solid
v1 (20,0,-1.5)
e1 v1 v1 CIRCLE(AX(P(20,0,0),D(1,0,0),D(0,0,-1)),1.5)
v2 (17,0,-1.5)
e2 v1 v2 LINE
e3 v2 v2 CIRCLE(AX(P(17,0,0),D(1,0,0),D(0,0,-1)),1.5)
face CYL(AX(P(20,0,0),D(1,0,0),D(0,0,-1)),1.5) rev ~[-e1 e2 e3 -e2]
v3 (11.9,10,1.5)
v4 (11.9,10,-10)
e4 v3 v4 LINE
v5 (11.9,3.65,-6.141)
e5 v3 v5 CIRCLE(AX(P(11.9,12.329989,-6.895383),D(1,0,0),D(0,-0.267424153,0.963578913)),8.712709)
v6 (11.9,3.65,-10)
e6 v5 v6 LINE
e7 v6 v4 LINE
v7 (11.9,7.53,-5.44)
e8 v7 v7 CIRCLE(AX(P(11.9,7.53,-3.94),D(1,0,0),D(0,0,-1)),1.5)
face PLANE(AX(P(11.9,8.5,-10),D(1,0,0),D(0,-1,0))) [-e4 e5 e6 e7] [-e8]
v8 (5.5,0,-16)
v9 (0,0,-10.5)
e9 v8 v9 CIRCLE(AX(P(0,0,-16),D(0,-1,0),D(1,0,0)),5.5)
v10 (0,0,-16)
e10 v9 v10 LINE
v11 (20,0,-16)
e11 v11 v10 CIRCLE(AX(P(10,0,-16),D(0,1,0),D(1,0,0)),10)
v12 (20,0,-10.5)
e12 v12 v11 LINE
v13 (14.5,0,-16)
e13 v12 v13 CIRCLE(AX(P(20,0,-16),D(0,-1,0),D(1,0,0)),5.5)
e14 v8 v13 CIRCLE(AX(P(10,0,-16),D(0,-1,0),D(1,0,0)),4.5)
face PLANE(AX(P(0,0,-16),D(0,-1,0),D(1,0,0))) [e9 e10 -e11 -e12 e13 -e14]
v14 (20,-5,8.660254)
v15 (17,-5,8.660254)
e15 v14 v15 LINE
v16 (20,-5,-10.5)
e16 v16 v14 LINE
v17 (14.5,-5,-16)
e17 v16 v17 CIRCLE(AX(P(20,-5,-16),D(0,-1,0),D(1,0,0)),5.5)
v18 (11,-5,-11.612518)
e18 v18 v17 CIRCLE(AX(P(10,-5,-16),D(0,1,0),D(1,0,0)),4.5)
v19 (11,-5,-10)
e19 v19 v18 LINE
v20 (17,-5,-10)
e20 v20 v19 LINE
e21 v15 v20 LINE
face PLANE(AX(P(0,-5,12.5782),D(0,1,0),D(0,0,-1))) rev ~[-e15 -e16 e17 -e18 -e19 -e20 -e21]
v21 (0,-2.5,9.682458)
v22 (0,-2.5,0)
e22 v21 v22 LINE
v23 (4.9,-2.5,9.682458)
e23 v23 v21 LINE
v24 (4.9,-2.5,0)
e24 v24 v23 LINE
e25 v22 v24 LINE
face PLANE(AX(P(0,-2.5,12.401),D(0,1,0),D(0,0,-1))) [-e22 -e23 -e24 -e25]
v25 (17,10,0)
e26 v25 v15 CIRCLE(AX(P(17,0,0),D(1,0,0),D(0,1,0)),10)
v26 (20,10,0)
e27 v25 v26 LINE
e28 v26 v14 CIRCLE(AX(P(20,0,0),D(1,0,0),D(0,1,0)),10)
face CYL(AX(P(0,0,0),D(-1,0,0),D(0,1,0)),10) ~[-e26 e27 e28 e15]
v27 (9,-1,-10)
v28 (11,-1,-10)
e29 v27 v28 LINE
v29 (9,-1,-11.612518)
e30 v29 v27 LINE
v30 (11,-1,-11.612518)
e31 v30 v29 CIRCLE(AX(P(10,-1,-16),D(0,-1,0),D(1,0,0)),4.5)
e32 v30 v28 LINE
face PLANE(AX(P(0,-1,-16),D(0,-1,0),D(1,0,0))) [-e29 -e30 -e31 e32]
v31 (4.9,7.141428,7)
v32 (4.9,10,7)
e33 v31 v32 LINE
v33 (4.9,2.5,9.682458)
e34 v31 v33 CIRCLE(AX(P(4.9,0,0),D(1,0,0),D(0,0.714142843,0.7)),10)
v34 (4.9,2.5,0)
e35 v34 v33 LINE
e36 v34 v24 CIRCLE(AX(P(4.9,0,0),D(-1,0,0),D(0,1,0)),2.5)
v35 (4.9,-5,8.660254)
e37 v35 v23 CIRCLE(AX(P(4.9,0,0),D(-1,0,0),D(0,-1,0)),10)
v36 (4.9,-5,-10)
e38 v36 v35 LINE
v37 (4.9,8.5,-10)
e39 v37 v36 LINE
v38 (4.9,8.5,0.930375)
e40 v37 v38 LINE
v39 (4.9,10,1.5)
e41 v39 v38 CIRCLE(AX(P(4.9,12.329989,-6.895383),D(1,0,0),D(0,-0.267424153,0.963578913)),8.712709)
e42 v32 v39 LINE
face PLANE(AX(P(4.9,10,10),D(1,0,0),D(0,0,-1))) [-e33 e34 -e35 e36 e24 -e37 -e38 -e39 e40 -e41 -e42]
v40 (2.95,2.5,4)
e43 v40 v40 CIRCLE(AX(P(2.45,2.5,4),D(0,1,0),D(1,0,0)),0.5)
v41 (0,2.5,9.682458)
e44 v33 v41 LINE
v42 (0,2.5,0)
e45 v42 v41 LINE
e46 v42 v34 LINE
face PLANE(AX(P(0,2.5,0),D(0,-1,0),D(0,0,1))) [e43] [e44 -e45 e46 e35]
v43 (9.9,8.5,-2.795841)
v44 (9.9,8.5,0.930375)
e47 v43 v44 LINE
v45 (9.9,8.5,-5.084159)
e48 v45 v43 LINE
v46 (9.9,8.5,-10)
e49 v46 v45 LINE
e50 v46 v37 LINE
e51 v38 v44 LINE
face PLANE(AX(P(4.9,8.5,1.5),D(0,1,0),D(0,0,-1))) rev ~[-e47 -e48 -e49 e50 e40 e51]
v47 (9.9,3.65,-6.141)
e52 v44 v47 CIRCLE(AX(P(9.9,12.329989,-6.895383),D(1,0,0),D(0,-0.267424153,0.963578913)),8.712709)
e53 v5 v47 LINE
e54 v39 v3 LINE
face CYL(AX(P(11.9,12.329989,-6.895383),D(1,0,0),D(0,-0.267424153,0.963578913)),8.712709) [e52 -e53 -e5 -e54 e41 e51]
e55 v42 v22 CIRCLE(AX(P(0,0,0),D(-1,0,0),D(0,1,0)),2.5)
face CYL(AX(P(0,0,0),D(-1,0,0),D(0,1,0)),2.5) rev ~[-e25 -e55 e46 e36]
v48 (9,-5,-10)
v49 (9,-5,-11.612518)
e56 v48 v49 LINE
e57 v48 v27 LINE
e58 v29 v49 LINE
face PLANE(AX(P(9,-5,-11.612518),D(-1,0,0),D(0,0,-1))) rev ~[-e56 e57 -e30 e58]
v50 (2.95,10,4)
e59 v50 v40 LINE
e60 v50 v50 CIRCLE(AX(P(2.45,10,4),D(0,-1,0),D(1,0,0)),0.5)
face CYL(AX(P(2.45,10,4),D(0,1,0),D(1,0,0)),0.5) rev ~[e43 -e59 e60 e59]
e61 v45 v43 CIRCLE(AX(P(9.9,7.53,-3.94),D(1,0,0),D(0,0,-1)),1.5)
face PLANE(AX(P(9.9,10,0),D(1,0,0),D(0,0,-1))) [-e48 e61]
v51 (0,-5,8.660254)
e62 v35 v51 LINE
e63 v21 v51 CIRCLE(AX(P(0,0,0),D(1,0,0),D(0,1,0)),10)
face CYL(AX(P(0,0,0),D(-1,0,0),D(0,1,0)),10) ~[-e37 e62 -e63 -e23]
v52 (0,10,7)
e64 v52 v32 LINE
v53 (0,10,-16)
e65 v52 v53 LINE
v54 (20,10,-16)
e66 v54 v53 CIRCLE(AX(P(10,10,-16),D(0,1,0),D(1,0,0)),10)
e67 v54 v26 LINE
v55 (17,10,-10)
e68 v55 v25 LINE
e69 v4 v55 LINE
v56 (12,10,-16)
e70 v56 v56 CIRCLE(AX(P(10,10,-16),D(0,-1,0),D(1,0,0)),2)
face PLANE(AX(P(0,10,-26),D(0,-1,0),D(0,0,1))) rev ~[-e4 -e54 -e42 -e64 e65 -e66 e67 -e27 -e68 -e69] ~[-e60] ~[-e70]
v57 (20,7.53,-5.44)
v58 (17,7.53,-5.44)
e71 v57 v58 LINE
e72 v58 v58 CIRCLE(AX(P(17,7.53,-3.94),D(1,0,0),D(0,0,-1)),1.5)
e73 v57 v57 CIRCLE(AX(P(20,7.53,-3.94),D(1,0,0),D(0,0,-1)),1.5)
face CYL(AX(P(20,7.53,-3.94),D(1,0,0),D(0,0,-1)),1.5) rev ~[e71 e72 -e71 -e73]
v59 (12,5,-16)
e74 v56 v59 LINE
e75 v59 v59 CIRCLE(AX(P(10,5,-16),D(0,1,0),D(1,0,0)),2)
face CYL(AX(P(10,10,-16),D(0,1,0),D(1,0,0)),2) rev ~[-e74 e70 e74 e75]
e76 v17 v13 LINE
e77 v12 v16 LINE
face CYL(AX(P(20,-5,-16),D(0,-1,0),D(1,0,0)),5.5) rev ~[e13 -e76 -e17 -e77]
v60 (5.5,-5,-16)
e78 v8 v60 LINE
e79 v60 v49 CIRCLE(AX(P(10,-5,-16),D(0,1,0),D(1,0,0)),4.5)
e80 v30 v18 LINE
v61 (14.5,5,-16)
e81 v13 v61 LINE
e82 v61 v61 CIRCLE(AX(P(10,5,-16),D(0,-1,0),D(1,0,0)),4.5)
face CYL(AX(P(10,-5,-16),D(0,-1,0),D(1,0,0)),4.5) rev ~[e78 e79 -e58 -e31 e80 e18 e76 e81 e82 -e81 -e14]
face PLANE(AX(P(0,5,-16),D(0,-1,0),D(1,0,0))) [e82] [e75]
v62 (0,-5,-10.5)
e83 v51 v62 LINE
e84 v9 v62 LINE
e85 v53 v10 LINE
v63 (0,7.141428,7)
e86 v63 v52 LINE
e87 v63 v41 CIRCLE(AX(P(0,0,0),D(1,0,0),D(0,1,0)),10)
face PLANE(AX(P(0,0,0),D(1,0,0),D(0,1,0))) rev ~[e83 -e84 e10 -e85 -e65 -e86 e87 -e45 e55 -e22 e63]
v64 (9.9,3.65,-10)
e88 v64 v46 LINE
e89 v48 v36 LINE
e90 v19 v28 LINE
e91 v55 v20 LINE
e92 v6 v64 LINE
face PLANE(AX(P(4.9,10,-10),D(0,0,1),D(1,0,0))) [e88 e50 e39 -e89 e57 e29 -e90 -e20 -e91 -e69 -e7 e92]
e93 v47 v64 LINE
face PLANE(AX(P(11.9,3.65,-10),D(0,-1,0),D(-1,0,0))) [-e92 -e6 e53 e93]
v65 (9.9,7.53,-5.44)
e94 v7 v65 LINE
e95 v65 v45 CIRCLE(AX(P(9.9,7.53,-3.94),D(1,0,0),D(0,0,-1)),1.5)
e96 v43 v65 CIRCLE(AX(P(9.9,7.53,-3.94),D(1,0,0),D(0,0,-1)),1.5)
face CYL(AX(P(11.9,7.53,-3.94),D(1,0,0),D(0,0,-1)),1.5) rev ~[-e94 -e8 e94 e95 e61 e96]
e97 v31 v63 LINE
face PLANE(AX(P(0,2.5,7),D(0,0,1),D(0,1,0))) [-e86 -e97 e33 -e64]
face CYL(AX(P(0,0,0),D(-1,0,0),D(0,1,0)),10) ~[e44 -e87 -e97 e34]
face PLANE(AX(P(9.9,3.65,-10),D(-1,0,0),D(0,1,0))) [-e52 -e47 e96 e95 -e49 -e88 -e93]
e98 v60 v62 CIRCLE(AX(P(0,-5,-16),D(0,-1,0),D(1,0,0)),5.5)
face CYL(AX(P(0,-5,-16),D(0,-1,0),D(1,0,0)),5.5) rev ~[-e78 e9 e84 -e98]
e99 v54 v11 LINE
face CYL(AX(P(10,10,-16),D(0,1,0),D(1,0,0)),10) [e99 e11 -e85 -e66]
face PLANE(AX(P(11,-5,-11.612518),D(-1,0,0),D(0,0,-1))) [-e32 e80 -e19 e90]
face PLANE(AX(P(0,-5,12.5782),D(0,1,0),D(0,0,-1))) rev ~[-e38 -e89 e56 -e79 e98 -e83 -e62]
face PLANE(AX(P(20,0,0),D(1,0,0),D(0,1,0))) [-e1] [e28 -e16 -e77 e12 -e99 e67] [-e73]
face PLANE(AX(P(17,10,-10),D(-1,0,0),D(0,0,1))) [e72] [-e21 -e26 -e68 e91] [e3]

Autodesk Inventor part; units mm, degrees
ref_plane "YZ Plane" through (0, 0, 0) normal (1, 0, 0) x (0, 1, 0)
ref_plane "XZ Plane" through (0, 0, 0) normal (0, 1, 0) x (-1, 0, 0)
ref_plane "XY Plane" through (0, 0, 0) normal (0, 0, 1) x (1, 0, 0)
sketch "Sketch1" plane through (0, 0, 0) normal (1, 0, 0) x (0, 1, 0)
  point P0 (0, 0)
sketch "Sketch2" plane through (0, 0, 0) normal (1, 0, 0) x (0, 1, 0)
  arc A0 (10, 0) -> (-10, 0) centre (0, 0) ccw
  circle A1 centre (0, 0) radius 1.5
  line L0 (10, 0) -> (-10, 0)
  line L1 (-10, 0) -> (-10, -16)
  line L2 (0, -26) -> (10, -26)
  line L3 (10, -26) -> (10, 0)
  line L4 (0, -26) -> (0, -16)
  line L5 (0, -16) -> (-10, -16)
  dimension "d1" = 3
extrude "Extrusion1" add sketch "Sketch2" along normal blind 20
sketch "Sketch3" plane through (0, 10, 0) normal (0, 1, 0) x (1, 0, 0)
  line L0 (0, 26) -> (20, 26) projected
  line L1 (0, 16) -> (20, 16) projected
  arc A0 (20, 16) -> (0, 16) centre (10, 16) ccw
  line L2 (21.9475, 16) -> (-2.9161, 16)
  line L3 (-2.9161, 16) -> (-2.9161, 27.442)
  line L4 (-2.9161, 27.442) -> (21.9475, 27.442)
  line L5 (21.9475, 27.442) -> (21.9475, 16)
  point P0 (0, 0)
extrude "Extrusion2" cut sketch "Sketch3" against normal blind 20 contours L2 L3 L4 L5 A0
sketch "Sketch5" plane through (0, 10, 0) normal (0, 1, 0) x (1, 0, 0)
  line L0 (0, -10) -> (20, -10) projected
  line L1 (0, -10) -> (4.9, -10)
  line L2 (4.9, -10) -> (4.9, 10)
  line L3 (4.9, 10) -> (17, 10)
  line L4 (17, 10) -> (17, -10)
  line L5 (17, -10) -> (4.9, -10)
  point P0 (0, 0)
  dimension "d10" = 4.9
  dimension "d11" = 20
  dimension "d12" = 12.1
extrude "Extrusion3" cut sketch "Sketch5" against normal blind 20
sketch "Sketch6" plane through (0, 0, 0) normal (-1, 0, 0) x (0, 0, 1)
  arc A0 (0, 2.5) -> (0, -2.5) centre (0, 0) ccw
  line L0 (0, 2.5) -> (12.401, 2.5)
  line L1 (12.401, 2.5) -> (12.401, -2.5)
  line L2 (12.401, -2.5) -> (0, -2.5)
  dimension "d15" = 5
extrude "Extrusion4" cut sketch "Sketch6" against normal blind 5
sketch "Sketch7" plane through (0, 0, 0) normal (-1, 0, 0) x (0, 0, 1)
  line L0 (-16, -10) -> (12.5782, -10)
  line L1 (12.5782, -10) -> (12.5782, -5)
  line L2 (12.5782, -5) -> (-16, -5)
  line L3 (-16, -5) -> (-16, -10)
  point P0 (0, 0)
  dimension "d18" = 5
extrude "Extrusion5" cut sketch "Sketch7" against normal through all
sketch "Sketch8" plane through (0, 10, 0) normal (0, 1, 0) x (1, 0, 0)
  line L0 (0, 16) -> (20, 16) projected
  circle A0 centre (10, 16) radius 2
  point P0 (0, 0)
  dimension "d21" = 4
extrude "Extrusion6" cut sketch "Sketch8" against normal through all
sketch "Sketch9" plane through (0, -5, -16) normal (0, -1, 0) x (1, 0, 0)
  line L0 (0, 0) -> (8, 0) projected
  line L1 (12, 0) -> (20, 0) projected
  line L2 (8, 0) -> (12, 0)
  circle A0 centre (10, 0) radius 4.5
  point P0 (0, 16)
  dimension "d24" = 9
extrude "Extrusion7" cut sketch "Sketch9" against normal blind 10
sketch "Sketch12" plane through (0, -5, -16) normal (0, -1, 0) x (1, 0, 0)
  arc A0 (14.5, 0) -> (5.5, 0) centre (10, 0) ccw projected
  line L0 (4.9, 6) -> (17, 6) projected
  line L1 (9, 6) -> (9, 4.2062)
  line L2 (11, 6) -> (11, 4.2062)
  line L3 (9, 4.2062) -> (11, 4.2062)
  line L4 (9, 6) -> (11, 6)
  point P0 (0, 16)
extrude "Extrusion8" cut sketch "Sketch12" against normal blind 4
sketch "Sketch13" plane through (0, -5, -16) normal (0, -1, 0) x (1, 0, 0)
  arc A0 (5.5, 0) -> (-5.5, 0) centre (0, 0) ccw
  arc A1 (25.5, 0) -> (14.5, 0) centre (20, 0) ccw
  line L0 (26.0588, 0) -> (26.0588, -15.4765)
  line L1 (26.0588, -15.4765) -> (-5.5, -15.4765)
  line L2 (-5.5, -15.4765) -> (-5.5, 0)
  line L3 (5.5, 0) -> (14.5, 0)
  line L4 (25.5, 0) -> (26.0588, 0)
  point P0 (0, 16)
  dimension "d33" = 11
  dimension "d34" = 11
extrude "Extrusion9" cut sketch "Sketch13" against normal blind 5
sketch "Sketch14" plane through (20, 0, 0) normal (1, 0, 0) x (0, 0, -1)
  circle A0 centre (3.94, 7.53) radius 1.5
  point P0 (0, 0)
  point P1 (0, 10)
  dimension "d39" = 3
extrude "Extrusion10" cut sketch "Sketch14" against normal blind 5
sketch "Sketch15" plane through (20, 0, 0) normal (1, 0, 0) x (0, 0, -1)
  circle A0 centre (0, 0) radius 1.5
  dimension "d43" = 3
extrude "Extrusion11" cut sketch "Sketch15" against normal blind 5
sketch "Sketch16" plane through (4.9, 10, 0) normal (1, 0, 0) x (0, 0, -1)
  line L0 (0, 0) -> (-1.5, 0)
  line L1 (-1.5, 0) -> (-1.5, -1.5)
  line L2 (-1.5, -1.5) -> (11.5, -1.5)
  line L3 (11.5, -1.5) -> (11.5, 0)
  line L4 (16, 0) -> (0, 0) projected
  line L5 (11.5, 0) -> (0, 0)
  point P0 (0, -10)
  dimension "d46" = 1.5
  dimension "d47" = 1.5
  dimension "d48" = 13
extrude "Extrusion12" add sketch "Sketch16" along normal blind 7
sketch "Sketch17" plane through (0, 0, 0) normal (-1, 0, 0) x (0, 0, 1)
  line L0 (9.6825, 2.5) -> (0, 2.5) projected
  line L1 (0, 2.5) -> (7, 2.5)
  line L2 (7, 2.5) -> (7, 10)
  line L3 (7, 10) -> (0, 10)
  line L4 (0, 10) -> (0, 2.5)
  point P0 (0, 0)
  dimension "d51" = 7
  dimension "d52" = 7.5
extrude "Extrusion13" add sketch "Sketch17" against normal blind 4.9
sketch "Sketch18" plane through (10, 10, -16) normal (0, 1, 0) x (1, 0, 0)
  circle A0 centre (-7.55, -20) radius 0.5
  line L0 (-5.1, -23) -> (-10, -23) projected
  line L1 (-7.55, -23) -> (-7.55, -20)
  point P0 (-10, -16)
  dimension "d55" = 1
  dimension "d58" = 3
extrude "Extrusion14" cut sketch "Sketch18" against normal up to next
sketch "Sketch19" plane through (17, -5, -10) normal (0, 0, 1) x (1, 0, 0)
  line L0 (-5.1, 13.5) -> (-12.1, 13.5) projected
  line L1 (-5.1, 13.5) -> (-5.1, 8.65)
  line L2 (-5.1, 8.65) -> (-7.1, 8.65)
  line L3 (-7.1, 8.65) -> (-7.1, 13.5)
  line L4 (-5.1, 15) -> (-5.1, 13.5) projected
  line L5 (-7.1, 13.5) -> (-5.1, 13.5)
  point P0 (-17, 5)
  dimension "d59" = 4.85
  dimension "d60" = 2
extrude "Extrusion15" add sketch "Sketch19" along normal blind 12
sketch "Sketch20" plane through (11.9, 10, 0) normal (1, 0, 0) x (0, 0, -1)
  circle A0 centre (3.94, -2.47) radius 1.5 projected
  circle A1 centre (3.94, -2.47) radius 1.5
  point P0 (0, -10)
extrude "Extrusion16" cut sketch "Sketch20" against normal blind 2
sketch "Sketch21" plane through (11.9, 10, 0) normal (1, 0, 0) x (0, 0, -1)
  line L0 (-7.3238, -1.5) -> (-7.3238, -7.2177)
  line L1 (-7.3238, -7.2177) -> (-1.5, -7.2177)
  line L2 (-1.5, -7.2177) -> (4.1962, -7.2177)
  line L3 (10, -6.35) -> (-2, -6.35) projected
  line L4 (-1.5, 0) -> (-1.5, -1.5) projected
  line L5 (-1.5, 0) -> (-7.3238, 0)
  line L6 (-7.3238, 0) -> (-7.3238, -1.5)
  line L7 (-1.5, -0.1522) -> (-1.5, 0)
  line L8 (4.1962, -7.2177) -> (6.1782, -7.2177)
  line L9 (6.1782, -7.2177) -> (6.1782, -6.35)
  arc A0 (-1.5, 0) -> (6.141, -6.35) centre (6.8954, 2.33) ccw
  point P0 (0, -10)
  point P1 (4.1962, -6.35)
  point P2 (3.0513, -6.35)
extrude "Extrusion17" cut sketch "Sketch21" against normal blind 7
properties part number "knuckle"
